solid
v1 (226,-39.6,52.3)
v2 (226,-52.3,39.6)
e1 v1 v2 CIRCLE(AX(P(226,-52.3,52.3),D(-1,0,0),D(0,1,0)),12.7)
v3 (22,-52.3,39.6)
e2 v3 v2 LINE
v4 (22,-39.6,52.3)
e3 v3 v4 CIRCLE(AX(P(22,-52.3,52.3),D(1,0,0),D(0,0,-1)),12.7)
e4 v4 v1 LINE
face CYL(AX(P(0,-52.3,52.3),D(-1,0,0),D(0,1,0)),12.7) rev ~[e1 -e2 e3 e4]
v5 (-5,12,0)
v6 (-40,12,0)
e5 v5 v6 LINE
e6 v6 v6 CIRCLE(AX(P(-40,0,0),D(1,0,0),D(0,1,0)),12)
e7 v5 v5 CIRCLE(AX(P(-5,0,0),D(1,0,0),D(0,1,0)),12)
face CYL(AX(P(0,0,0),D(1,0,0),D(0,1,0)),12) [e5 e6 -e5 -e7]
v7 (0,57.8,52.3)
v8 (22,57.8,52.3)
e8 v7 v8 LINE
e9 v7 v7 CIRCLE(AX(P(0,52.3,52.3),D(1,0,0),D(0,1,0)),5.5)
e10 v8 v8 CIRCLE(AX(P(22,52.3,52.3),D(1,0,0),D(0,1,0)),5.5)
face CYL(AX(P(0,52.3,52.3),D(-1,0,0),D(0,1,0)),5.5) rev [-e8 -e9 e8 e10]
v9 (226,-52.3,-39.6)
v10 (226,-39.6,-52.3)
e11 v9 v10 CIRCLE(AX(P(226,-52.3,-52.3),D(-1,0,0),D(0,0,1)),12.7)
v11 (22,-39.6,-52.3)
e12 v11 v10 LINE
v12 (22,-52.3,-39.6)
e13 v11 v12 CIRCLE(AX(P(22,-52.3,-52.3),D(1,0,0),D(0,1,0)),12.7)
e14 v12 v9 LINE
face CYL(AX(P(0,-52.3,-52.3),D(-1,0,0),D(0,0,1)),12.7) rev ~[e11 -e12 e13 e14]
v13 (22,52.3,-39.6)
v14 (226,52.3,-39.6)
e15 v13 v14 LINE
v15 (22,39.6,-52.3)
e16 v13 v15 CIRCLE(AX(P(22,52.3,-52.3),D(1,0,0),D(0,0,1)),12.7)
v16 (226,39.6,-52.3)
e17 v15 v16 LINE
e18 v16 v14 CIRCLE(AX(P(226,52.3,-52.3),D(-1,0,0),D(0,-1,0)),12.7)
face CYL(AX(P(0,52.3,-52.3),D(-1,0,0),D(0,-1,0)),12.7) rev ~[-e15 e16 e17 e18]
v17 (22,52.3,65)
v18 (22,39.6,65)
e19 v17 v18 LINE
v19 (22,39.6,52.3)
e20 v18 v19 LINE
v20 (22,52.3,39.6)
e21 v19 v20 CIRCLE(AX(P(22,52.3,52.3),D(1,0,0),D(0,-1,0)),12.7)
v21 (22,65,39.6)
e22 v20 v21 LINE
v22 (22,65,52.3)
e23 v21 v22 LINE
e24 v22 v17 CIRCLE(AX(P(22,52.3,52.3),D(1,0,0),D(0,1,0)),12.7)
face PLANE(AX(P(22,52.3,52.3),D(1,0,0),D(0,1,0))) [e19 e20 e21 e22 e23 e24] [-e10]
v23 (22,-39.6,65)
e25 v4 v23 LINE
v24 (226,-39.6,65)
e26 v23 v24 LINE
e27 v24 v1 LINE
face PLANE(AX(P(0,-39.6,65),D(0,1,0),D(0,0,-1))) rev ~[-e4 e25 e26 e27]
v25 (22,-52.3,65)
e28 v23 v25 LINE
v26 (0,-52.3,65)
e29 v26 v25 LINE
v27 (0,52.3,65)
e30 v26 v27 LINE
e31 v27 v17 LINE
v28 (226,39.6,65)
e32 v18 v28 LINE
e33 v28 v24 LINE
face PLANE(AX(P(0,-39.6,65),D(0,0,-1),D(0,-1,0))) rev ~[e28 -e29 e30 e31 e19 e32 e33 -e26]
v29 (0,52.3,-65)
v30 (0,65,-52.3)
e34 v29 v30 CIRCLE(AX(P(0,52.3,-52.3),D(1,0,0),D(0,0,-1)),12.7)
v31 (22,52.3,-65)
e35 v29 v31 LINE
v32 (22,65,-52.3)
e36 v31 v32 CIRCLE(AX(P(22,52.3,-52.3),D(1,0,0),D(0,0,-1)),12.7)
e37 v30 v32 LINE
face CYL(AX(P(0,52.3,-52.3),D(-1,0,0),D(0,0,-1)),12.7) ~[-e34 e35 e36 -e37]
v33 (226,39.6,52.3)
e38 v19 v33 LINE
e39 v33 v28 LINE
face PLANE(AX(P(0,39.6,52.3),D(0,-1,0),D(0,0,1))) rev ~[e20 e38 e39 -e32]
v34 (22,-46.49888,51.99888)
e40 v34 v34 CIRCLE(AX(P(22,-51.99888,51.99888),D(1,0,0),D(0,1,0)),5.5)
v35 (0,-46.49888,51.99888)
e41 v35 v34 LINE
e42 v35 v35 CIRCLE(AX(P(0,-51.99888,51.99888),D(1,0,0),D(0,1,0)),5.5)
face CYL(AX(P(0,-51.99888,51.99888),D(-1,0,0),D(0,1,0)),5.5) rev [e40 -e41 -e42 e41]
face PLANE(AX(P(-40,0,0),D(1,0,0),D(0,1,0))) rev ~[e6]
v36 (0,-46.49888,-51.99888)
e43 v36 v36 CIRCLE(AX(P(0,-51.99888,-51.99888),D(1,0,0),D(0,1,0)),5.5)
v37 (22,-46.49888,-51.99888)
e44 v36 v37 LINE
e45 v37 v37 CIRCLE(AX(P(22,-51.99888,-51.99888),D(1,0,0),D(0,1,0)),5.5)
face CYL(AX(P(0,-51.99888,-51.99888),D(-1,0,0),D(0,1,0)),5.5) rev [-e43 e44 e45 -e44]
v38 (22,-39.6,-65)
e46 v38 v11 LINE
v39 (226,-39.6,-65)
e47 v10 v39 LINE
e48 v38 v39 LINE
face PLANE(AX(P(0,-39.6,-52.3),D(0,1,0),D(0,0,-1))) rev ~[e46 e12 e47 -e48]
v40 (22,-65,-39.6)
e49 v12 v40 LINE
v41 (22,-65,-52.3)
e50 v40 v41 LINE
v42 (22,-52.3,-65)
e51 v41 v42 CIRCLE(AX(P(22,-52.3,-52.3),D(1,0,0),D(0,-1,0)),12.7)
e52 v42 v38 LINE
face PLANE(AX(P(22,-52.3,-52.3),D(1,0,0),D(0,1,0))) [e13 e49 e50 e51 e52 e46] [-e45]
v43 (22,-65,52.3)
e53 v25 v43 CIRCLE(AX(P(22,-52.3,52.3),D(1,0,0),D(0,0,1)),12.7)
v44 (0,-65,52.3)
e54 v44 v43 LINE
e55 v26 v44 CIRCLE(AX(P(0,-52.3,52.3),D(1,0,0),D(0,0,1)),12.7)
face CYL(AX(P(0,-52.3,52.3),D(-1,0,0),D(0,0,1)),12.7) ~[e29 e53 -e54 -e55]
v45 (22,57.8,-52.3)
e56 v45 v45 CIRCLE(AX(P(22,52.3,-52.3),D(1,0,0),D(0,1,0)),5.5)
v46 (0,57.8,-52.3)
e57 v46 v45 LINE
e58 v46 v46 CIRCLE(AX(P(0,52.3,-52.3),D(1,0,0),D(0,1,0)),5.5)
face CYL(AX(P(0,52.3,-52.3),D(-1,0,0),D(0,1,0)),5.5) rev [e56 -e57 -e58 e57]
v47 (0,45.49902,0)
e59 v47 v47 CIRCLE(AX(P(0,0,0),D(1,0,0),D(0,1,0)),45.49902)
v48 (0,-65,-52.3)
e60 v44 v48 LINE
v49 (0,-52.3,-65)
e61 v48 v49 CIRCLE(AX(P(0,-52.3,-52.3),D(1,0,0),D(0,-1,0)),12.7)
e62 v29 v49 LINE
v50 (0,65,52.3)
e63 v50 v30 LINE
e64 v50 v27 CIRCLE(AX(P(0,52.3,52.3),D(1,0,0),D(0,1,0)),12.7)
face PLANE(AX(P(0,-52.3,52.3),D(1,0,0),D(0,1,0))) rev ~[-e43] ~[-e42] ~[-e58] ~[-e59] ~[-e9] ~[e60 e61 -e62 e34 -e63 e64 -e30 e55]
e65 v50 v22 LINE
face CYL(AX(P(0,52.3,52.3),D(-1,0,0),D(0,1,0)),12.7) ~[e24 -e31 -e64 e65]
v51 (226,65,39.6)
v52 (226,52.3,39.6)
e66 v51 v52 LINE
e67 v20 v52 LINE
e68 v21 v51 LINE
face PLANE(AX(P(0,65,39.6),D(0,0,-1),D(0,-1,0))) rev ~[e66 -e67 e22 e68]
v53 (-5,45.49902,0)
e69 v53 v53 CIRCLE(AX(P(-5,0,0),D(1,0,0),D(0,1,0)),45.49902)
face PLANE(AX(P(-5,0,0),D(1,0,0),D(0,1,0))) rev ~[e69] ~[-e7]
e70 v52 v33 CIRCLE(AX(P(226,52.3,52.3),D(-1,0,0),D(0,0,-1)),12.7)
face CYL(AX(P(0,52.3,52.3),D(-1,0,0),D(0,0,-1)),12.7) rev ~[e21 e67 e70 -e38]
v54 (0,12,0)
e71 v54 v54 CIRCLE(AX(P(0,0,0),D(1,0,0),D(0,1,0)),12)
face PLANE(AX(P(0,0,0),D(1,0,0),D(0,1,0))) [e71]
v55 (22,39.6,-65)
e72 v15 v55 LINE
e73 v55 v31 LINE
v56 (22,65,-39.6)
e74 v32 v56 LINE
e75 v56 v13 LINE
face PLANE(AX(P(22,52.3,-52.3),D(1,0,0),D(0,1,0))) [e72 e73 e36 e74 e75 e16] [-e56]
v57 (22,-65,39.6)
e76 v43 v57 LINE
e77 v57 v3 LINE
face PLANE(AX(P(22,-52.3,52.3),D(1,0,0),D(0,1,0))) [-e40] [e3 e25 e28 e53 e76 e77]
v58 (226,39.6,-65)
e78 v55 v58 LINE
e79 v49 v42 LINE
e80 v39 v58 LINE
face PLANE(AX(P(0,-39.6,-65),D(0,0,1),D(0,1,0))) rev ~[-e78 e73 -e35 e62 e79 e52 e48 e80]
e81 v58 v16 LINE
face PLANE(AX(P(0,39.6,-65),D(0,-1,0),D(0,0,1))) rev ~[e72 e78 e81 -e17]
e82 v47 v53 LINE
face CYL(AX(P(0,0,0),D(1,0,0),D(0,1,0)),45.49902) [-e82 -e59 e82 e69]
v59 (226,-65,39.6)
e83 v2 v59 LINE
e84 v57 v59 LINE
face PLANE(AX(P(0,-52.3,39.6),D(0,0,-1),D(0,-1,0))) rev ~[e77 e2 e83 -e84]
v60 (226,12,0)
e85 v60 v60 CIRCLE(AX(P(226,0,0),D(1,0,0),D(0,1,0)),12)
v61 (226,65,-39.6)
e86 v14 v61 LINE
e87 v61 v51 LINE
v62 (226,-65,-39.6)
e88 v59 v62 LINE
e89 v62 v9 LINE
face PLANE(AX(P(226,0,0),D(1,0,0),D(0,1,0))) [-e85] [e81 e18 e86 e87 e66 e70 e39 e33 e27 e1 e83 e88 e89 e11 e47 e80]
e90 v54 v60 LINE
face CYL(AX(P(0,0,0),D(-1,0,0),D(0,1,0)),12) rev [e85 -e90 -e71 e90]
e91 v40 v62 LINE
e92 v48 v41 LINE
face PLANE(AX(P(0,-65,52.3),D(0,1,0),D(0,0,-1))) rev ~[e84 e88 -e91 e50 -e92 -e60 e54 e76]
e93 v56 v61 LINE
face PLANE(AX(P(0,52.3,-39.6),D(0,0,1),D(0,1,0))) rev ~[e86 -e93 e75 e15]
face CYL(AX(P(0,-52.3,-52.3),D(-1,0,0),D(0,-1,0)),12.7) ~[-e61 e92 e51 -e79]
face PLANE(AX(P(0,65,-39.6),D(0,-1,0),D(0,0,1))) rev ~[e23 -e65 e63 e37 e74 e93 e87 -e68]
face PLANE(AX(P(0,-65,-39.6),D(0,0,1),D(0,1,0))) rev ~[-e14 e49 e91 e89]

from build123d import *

# Parameters (mm, degrees)
F0_R     = 12
F1_DEPTH = 40
F0_R_2   = 45.49902
F2_DEPTH = 5
F3_DEPTH = 226
F0_R_3   = 5.5
F4_DEPTH = 22


with BuildPart() as f1:
    # F0 (on Right) → F1 (new body)
    with BuildSketch(Plane.YZ):
        Circle(F0_R)
    extrude(amount=-F1_DEPTH)

    # F0 (on Right) → F2 (join)
    with BuildSketch(Plane.YZ):
        Circle(F0_R_2)
        Circle(F0_R, mode=Mode.SUBTRACT)
    extrude(amount=-F2_DEPTH)

    # F0 (on Right) → F3 (join)
    with BuildSketch(Plane.YZ):
        with BuildLine():
            Line((-39.6, -65), (39.6, -65))
            Line((39.6, -65), (39.6, -52.3))
            ThreePointArc((39.6, -52.3), (43.3197438789, -43.3197438789), (52.3, -39.6))
            Line((52.3, -39.6), (65, -39.6))
            Line((65, -39.6), (65, 39.6))
            Line((65, 39.6), (52.3, 39.6))
            ThreePointArc((52.3, 39.6), (43.3197438789, 43.3197438789), (39.6, 52.3))
            Line((39.6, 52.3), (39.6, 65))
            Line((39.6, 65), (-39.6, 65))
            Line((-39.6, 65), (-39.6, 52.3))
            ThreePointArc((-39.6, 52.3), (-43.3197438789, 43.3197438789), (-52.3, 39.6))
            Line((-52.3, 39.6), (-65, 39.6))
            Line((-65, 39.6), (-65, -39.6))
            Line((-65, -39.6), (-52.3, -39.6))
            ThreePointArc((-52.3, -39.6), (-43.3197438789, -43.3197438789), (-39.6, -52.3))
            Line((-39.6, -52.3), (-39.6, -65))
        make_face()
        Circle(F0_R_2, mode=Mode.SUBTRACT)
        Circle(F0_R_2)
        Circle(F0_R, mode=Mode.SUBTRACT)
    extrude(amount=F3_DEPTH)

    # F0 (on Right) → F4 (join)
    with BuildSketch(Plane.YZ):
        with BuildLine():
            Line((-65, 52.3), (-65, 39.6))
            Line((-65, 39.6), (-52.3, 39.6))
            ThreePointArc((-52.3, 39.6), (-43.3197438789, 43.3197438789), (-39.6, 52.3))
            Line((-39.6, 52.3), (-39.6, 65))
            Line((-39.6, 65), (-52.3, 65))
            ThreePointArc((-52.3, 65), (-61.2802561211, 61.2802561211), (-65, 52.3))
        make_face()
        with Locations((-51.99888, 51.99888)):
            Circle(F0_R_3, mode=Mode.SUBTRACT)
        with BuildLine():
            Line((52.3, 39.6), (65, 39.6))
            Line((65, 39.6), (65, 52.3))
            ThreePointArc((65, 52.3), (61.2802561211, 61.2802561211), (52.3, 65))
            Line((52.3, 65), (39.6, 65))
            Line((39.6, 65), (39.6, 52.3))
            ThreePointArc((39.6, 52.3), (43.3197438789, 43.3197438789), (52.3, 39.6))
        make_face()
        with Locations((52.3, 52.3)):
            Circle(F0_R_3, mode=Mode.SUBTRACT)
        with BuildLine():
            Line((39.6, -65), (52.3, -65))
            ThreePointArc((52.3, -65), (61.2802561211, -61.2802561211), (65, -52.3))
            Line((65, -52.3), (65, -39.6))
            Line((65, -39.6), (52.3, -39.6))
            ThreePointArc((52.3, -39.6), (43.3197438789, -43.3197438789), (39.6, -52.3))
            Line((39.6, -52.3), (39.6, -65))
        make_face()
        with Locations((52.3, -52.3)):
            Circle(F0_R_3, mode=Mode.SUBTRACT)
        with BuildLine():
            Line((-52.3, -65), (-39.6, -65))
            Line((-39.6, -65), (-39.6, -52.3))
            ThreePointArc((-39.6, -52.3), (-43.3197438789, -43.3197438789), (-52.3, -39.6))
            Line((-52.3, -39.6), (-65, -39.6))
            Line((-65, -39.6), (-65, -52.3))
            ThreePointArc((-65, -52.3), (-61.2802561211, -61.2802561211), (-52.3, -65))
        make_face()
        with Locations((-51.99888, -51.99888)):
            Circle(F0_R_3, mode=Mode.SUBTRACT)
    extrude(amount=F4_DEPTH)


solid = f1.part
